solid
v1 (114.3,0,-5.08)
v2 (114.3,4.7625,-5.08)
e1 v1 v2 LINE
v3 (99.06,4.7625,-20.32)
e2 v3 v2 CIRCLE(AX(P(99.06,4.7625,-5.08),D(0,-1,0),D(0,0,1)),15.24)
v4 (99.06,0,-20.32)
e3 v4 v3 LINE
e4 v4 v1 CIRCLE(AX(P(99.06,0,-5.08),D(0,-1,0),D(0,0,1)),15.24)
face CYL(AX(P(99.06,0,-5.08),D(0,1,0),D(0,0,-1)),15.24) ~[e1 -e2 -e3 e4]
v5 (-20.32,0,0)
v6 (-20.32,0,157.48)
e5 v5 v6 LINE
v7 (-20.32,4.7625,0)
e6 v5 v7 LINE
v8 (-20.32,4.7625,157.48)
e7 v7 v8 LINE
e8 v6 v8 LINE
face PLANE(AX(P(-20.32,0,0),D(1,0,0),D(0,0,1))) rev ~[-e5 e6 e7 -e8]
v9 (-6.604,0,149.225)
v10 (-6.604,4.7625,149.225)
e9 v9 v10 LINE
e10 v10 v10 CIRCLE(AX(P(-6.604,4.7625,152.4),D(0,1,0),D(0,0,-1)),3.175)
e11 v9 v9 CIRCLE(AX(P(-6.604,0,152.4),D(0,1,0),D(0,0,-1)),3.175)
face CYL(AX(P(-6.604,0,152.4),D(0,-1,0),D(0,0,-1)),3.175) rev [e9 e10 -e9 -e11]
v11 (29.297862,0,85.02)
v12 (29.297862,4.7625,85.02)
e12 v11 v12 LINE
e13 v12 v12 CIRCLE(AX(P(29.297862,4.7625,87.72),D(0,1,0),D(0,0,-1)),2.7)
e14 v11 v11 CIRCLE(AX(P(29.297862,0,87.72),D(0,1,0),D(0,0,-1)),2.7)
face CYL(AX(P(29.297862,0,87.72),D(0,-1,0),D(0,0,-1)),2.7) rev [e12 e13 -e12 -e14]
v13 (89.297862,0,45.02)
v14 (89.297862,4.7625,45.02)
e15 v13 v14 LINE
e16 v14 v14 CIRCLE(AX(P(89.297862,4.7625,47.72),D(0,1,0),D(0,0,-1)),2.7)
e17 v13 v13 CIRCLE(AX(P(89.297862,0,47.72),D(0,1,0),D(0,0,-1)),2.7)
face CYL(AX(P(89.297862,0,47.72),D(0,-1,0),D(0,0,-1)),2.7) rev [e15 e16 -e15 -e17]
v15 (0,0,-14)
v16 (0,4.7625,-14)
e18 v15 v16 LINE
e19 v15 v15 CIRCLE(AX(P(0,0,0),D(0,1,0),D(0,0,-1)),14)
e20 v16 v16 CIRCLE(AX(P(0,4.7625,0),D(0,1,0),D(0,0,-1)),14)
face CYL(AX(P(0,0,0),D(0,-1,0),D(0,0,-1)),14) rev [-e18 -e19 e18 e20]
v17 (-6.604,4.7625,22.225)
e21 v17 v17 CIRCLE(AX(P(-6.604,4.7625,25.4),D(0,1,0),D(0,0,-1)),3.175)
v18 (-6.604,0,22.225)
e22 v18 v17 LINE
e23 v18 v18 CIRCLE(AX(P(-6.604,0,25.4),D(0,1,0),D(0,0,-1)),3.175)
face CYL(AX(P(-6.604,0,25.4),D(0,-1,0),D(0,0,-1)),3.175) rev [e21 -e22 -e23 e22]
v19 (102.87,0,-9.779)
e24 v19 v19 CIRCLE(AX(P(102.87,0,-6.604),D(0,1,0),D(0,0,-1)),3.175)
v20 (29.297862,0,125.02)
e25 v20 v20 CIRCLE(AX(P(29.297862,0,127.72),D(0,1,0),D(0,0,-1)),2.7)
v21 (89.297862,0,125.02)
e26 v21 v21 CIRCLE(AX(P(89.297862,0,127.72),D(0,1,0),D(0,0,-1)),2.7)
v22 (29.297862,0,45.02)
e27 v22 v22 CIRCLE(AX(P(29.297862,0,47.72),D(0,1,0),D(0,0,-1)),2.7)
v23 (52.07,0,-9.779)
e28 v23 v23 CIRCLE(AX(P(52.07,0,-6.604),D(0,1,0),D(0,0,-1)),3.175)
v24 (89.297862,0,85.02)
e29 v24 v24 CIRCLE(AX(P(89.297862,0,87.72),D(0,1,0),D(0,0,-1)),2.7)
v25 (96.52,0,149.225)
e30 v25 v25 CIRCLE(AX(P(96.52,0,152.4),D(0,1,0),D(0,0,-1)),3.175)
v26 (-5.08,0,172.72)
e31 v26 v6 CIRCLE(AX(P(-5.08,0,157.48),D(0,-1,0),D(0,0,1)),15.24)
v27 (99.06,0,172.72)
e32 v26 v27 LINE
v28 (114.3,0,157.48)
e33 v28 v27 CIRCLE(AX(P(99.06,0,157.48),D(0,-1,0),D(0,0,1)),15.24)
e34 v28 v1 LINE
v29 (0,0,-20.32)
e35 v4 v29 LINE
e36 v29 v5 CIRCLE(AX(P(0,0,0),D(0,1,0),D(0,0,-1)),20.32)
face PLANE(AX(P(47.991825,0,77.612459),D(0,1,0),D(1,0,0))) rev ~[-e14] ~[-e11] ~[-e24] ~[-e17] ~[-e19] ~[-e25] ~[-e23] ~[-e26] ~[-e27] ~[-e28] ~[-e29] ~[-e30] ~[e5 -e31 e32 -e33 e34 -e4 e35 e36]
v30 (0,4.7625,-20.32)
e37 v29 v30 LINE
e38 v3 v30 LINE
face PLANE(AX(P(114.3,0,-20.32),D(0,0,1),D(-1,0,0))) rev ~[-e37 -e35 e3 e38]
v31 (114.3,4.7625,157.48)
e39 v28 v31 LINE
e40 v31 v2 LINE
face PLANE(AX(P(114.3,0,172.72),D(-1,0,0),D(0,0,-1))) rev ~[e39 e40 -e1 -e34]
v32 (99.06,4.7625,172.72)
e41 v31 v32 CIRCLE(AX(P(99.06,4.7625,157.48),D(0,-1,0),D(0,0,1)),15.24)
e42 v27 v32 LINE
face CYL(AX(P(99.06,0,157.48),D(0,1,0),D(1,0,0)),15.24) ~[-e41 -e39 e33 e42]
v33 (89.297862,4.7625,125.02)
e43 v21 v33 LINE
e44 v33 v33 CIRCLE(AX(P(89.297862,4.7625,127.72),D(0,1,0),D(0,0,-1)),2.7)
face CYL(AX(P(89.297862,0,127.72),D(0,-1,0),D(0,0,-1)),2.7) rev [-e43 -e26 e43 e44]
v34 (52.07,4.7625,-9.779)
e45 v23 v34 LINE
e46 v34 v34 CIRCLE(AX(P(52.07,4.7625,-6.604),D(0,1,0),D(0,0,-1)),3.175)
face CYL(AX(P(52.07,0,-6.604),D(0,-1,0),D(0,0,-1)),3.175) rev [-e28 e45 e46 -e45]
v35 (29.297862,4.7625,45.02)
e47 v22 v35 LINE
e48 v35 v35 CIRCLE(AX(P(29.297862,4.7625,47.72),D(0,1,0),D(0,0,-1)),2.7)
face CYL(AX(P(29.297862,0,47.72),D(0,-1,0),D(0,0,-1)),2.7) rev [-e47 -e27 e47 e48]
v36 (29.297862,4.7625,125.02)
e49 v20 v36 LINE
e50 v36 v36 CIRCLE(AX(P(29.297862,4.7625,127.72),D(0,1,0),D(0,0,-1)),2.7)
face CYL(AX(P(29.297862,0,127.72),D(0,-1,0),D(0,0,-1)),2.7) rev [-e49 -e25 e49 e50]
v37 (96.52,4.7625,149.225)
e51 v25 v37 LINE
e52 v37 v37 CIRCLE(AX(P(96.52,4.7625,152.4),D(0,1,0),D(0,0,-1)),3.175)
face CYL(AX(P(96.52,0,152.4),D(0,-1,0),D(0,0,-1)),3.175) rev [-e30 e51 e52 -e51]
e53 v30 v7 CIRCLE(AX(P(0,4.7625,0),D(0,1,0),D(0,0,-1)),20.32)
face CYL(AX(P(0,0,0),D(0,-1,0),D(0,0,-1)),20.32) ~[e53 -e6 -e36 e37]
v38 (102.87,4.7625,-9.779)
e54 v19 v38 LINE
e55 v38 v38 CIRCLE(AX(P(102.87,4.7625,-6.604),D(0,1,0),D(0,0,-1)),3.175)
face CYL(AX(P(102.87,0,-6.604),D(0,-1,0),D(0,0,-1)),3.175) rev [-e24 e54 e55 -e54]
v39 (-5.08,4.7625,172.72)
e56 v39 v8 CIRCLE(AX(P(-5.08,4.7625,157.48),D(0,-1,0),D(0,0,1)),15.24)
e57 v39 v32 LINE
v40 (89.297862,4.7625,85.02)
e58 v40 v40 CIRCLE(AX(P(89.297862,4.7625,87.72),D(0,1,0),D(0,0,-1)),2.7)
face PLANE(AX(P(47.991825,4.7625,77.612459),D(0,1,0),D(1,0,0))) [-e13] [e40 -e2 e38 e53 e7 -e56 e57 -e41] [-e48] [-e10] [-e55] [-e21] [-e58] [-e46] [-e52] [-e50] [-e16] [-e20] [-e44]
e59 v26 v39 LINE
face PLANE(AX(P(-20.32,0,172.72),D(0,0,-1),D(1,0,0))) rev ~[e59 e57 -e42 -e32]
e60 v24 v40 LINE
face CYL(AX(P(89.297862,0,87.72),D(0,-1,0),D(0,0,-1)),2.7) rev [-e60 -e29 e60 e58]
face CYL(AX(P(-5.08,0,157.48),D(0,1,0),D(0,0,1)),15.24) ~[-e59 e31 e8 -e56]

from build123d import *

# Parameters (mm, degrees)
SKETCH1_R           = 3.175
SKETCH1_R_2         = 2.7
SKETCH1_R_3         = 14
BOSS_EXTRUDE1_DEPTH = 4.7625
FILLET1_R           = 15.24


with BuildPart() as part:
    # Sketch1 → Boss-Extrude1 (new body)
    with BuildSketch(Plane(origin=(0, 0, 0), x_dir=(1, 0, 0), z_dir=(0, 1, 0))):
        with BuildLine():
            Line((114.3, 20.32), (0, 20.32))
            ThreePointArc((0, 20.32), (-14.368409794, 14.368409794), (-20.32, 0))
            Line((-20.32, 0), (-20.32, -172.72))
            Line((-20.32, -172.72), (114.3, -172.72))
            Line((114.3, -172.72), (114.3, 20.32))
        make_face()
        with Locations(Location((-6.604, -152.4, 0), (0, 0, 90))):
            Circle(SKETCH1_R, mode=Mode.SUBTRACT)
        with Locations(Location((29.297861909, -127.72, 0), (0, 0, 90))):
            Circle(SKETCH1_R_2, mode=Mode.SUBTRACT)
        with Locations(Location((29.297861909, -87.72, 0), (0, 0, 90))):
            Circle(SKETCH1_R_2, mode=Mode.SUBTRACT)
        with Locations(Location((96.52, -152.4, 0), (0, 0, 90))):
            Circle(SKETCH1_R, mode=Mode.SUBTRACT)
        with Locations(Location((89.297861909, -127.72, 0), (0, 0, 90))):
            Circle(SKETCH1_R_2, mode=Mode.SUBTRACT)
        with Locations(Location((89.297861909, -87.72, 0), (0, 0, 90))):
            Circle(SKETCH1_R_2, mode=Mode.SUBTRACT)
        with Locations(Location((29.297861909, -47.72, 0), (0, 0, 90))):
            Circle(SKETCH1_R_2, mode=Mode.SUBTRACT)
        with Locations(Location((-6.604, -25.4, 0), (0, 0, 90))):
            Circle(SKETCH1_R, mode=Mode.SUBTRACT)
        with Locations(Location((89.297861909, -47.72, 0), (0, 0, 90))):
            Circle(SKETCH1_R_2, mode=Mode.SUBTRACT)
        with Locations(Location((52.07, 6.604, 0), (0, 0, 90))):
            Circle(SKETCH1_R, mode=Mode.SUBTRACT)
        with Locations(Location((102.87, 6.604, 0), (0, 0, 90))):
            Circle(SKETCH1_R, mode=Mode.SUBTRACT)
        with Locations(Location((0, 0, 0), (0, 0, 90))):
            Circle(SKETCH1_R_3, mode=Mode.SUBTRACT)
    extrude(amount=BOSS_EXTRUDE1_DEPTH)

    # Fillet1
    fillet1_edges = [part.edges().sort_by_distance(p)[0] for p in [
        (114.3, 2.38125, -20.32),
        (114.3, 2.38125, 172.72),
        (-20.32, 2.38125, 172.72),
    ]]
    fillet(fillet1_edges, radius=FILLET1_R)


solid = part.part
